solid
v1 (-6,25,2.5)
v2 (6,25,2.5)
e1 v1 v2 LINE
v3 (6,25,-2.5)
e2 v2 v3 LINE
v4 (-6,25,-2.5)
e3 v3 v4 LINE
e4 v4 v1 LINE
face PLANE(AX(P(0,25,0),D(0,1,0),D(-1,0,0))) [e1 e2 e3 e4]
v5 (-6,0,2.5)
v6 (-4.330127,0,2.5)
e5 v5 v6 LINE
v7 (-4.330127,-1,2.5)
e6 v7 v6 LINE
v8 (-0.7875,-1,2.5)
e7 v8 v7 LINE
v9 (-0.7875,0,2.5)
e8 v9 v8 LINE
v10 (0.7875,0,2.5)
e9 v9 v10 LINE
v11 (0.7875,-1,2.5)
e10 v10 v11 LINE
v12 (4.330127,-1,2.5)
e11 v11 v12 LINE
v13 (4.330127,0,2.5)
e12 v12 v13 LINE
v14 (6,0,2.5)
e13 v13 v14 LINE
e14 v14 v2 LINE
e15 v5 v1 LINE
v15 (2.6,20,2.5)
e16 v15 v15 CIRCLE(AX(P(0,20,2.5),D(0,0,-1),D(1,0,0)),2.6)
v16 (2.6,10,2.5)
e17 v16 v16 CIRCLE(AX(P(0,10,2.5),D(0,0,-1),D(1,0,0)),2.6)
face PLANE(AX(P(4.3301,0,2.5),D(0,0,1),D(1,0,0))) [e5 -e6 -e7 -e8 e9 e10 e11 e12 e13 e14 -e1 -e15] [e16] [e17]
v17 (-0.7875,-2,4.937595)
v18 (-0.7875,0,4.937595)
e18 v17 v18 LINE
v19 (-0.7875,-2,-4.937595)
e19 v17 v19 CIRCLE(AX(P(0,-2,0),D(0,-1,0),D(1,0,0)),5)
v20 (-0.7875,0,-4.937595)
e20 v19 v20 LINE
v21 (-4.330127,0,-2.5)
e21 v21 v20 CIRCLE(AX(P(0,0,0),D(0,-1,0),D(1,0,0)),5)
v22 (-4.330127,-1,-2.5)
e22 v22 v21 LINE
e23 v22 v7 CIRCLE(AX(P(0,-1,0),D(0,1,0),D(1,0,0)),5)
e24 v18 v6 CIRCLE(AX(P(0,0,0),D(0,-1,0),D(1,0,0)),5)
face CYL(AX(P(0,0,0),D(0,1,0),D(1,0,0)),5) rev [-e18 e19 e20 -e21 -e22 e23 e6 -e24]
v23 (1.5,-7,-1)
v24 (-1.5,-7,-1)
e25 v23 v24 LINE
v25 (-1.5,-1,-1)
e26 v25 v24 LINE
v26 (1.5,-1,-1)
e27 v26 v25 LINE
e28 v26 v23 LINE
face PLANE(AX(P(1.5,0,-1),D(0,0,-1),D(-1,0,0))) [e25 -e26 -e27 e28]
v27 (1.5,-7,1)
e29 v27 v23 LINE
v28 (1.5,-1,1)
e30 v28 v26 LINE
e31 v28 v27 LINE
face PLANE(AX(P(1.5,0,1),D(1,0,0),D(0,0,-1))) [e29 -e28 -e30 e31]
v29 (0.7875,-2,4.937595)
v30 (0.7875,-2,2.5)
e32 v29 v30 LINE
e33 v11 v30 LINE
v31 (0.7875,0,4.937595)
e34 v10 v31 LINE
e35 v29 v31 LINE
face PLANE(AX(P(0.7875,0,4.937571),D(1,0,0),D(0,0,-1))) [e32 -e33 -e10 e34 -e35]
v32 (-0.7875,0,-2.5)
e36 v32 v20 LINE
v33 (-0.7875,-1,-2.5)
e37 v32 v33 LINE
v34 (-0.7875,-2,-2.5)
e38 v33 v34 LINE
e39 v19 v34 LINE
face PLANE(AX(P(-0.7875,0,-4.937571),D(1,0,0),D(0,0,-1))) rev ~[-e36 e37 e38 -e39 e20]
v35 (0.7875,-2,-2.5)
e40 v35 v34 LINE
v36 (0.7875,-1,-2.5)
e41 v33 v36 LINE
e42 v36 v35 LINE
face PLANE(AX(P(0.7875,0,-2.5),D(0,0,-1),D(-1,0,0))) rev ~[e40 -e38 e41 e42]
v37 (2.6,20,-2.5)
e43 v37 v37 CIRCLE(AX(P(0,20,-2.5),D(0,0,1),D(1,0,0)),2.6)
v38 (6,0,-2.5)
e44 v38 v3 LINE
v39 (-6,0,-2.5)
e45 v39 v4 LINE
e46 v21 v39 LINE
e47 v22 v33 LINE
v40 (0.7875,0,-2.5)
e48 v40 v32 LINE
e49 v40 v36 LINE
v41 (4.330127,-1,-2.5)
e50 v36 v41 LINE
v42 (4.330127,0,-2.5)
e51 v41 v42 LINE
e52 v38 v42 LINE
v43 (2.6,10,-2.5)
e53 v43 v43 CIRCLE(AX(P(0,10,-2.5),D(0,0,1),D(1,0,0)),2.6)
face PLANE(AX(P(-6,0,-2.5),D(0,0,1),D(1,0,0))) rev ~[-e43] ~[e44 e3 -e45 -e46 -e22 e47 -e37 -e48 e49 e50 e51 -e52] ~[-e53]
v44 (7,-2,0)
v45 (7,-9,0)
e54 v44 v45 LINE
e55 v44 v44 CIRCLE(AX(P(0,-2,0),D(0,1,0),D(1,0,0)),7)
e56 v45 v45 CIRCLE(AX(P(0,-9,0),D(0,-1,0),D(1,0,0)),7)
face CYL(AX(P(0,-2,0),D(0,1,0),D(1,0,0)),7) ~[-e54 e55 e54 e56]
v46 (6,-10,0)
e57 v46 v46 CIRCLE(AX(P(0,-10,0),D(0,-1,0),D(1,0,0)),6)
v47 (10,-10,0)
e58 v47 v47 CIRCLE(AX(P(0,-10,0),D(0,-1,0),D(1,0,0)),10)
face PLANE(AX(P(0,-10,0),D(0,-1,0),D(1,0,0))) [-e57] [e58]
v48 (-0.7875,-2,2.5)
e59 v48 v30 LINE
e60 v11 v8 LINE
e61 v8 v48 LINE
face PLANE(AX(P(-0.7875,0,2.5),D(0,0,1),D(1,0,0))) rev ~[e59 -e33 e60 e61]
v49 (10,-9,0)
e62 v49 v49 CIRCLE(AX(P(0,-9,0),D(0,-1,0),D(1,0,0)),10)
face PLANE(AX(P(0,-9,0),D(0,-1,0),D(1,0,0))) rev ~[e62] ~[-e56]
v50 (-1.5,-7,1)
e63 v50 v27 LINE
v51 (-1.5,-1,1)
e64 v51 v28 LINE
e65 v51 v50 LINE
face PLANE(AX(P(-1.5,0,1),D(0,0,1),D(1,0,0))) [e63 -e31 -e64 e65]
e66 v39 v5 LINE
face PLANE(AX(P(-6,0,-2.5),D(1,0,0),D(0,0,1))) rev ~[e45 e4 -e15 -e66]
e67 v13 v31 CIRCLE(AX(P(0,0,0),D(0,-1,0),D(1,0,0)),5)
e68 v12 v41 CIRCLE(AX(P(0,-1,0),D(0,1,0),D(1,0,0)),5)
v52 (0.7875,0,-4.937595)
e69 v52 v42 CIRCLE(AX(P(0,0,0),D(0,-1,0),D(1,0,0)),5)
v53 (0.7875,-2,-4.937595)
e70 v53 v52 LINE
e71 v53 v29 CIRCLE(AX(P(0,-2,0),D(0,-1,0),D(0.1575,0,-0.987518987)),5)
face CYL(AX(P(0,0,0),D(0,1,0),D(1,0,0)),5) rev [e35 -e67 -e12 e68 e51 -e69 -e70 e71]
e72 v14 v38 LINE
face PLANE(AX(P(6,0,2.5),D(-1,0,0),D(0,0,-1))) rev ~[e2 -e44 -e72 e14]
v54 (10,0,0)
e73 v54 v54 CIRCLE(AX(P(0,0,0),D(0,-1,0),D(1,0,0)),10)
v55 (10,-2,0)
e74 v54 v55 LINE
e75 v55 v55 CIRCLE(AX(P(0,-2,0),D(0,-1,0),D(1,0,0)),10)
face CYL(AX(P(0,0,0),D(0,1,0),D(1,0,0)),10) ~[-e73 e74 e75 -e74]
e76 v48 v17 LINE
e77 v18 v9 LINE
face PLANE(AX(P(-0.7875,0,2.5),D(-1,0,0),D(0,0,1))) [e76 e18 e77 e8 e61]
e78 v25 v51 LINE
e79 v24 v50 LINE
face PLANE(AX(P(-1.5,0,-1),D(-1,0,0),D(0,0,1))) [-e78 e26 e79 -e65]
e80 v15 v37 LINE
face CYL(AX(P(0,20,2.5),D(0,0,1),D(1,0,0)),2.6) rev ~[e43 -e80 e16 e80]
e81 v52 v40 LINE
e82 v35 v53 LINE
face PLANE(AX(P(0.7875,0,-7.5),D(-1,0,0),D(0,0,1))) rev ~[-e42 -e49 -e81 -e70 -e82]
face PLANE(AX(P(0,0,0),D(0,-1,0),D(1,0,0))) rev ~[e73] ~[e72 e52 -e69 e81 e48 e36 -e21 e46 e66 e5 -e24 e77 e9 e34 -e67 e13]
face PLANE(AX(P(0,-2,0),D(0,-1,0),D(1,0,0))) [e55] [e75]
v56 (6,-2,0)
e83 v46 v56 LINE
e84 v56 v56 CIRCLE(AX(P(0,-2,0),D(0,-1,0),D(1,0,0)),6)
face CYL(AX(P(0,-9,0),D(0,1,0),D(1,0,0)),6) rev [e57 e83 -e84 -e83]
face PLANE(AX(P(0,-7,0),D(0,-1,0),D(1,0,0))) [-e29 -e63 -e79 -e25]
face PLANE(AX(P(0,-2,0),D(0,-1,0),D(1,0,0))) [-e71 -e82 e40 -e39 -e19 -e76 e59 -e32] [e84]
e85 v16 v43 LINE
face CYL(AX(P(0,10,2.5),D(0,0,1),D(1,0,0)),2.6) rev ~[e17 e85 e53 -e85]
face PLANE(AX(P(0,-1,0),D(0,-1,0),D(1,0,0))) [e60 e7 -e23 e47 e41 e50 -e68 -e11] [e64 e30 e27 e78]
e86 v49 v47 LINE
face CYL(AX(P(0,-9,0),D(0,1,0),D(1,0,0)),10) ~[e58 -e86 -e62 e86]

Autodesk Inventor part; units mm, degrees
ref_plane "YZ Plane" through (0, 0, 0) normal (1, 0, 0) x (0, 1, 0)
ref_plane "XZ Plane" through (0, 0, 0) normal (0, 1, 0) x (-1, 0, 0)
ref_plane "XY Plane" through (0, 0, 0) normal (0, 0, 1) x (1, 0, 0)
sketch "草圖1" plane through (0, 0, 0) normal (0, 1, 0) x (-1, 0, 0)
  line L0 (6, 2.5) -> (-6, 2.5)
  line L1 (-6, 2.5) -> (-6, -2.5)
  line L2 (-6, -2.5) -> (6, -2.5)
  line L3 (6, -2.5) -> (6, 2.5)
  line L4 (6, 2.5) -> (-6, -2.5) construction
  line L5 (-6, 2.5) -> (6, -2.5) construction
  point P0 (0, 0)
  dimension "d0" = 5
  dimension "d1" = 12
extrude "擠出1" add sketch "草圖1" along normal blind 25
sketch "草圖2" plane through (-6, 0, 2.5) normal (0, 0, 1) x (1, 0, 0)
  circle A0 centre (6, 20) radius 2.6
  circle A1 centre (6, 10) radius 2.6
  line L0 (0, 0) -> (12, 0) projected
  line L1 (0, 25) -> (12, 25) projected
  line L2 (6, 25) -> (6, 0)
  line L3 (12, 0) -> (0, 0) projected
  point P0 (6, 0)
  dimension "d4" = 5.2
  dimension "d5" = 5.2
  dimension "d6" = 10
  dimension "d7" = 10
  dimension "d8" = 5
extrude "擠出2" cut sketch "草圖2" against normal blind 10
sketch "草圖3" plane through (0, 0, 0) normal (0, -1, 0) x (1, 0, 0)
  circle A0 centre (0, 0) radius 5
  circle A1 centre (0, 0) radius 10
  dimension "d11" = 10
  dimension "d12" = 20
extrude "擠出3" add sketch "草圖3" along normal blind 2
sketch "草圖4" plane through (0, -2, 0) normal (0, -1, 0) x (1, 0, 0)
  circle A0 centre (0, 0) radius 6
  circle A1 centre (0, 0) radius 7
  dimension "d15" = 12
  dimension "d16" = 14
extrude "擠出4" add sketch "草圖4" along normal blind 7
sketch "草圖5" plane through (0, 0, 0) normal (0, -1, 0) x (1, 0, 0)
  line L0 (-1.5, 1) -> (1.5, 1)
  line L1 (1.5, 1) -> (1.5, -1)
  line L2 (1.5, -1) -> (-1.5, -1)
  line L3 (-1.5, -1) -> (-1.5, 1)
  line L4 (-1.5, 1) -> (1.5, -1) construction
  line L5 (1.5, 1) -> (-1.5, -1) construction
  point P0 (0, 0)
  dimension "d19" = 3
  dimension "d20" = 2
extrude "擠出5" add sketch "草圖5" along normal blind 7
sketch "草圖6" plane through (0, 0, 0) normal (0, 1, 0) x (1, 0, 0)
  line L0 (-4.3301, -2.5) -> (4.3301, -2.5) projected
  line L1 (-0.7875, -7.5) -> (0.7875, -7.5)
  line L2 (0.7875, -7.5) -> (0.7875, -2.5)
  line L3 (0.7875, -2.5) -> (-0.7875, -2.5)
  line L4 (-0.7875, -2.5) -> (-0.7875, -7.5)
  arc A0 (-4.3301, -2.5) -> (4.3301, -2.5) centre (0, 0) ccw projected
  line L5 (-0.7875, -7.5) -> (0.7875, -2.5) construction
  line L6 (0.7875, -7.5) -> (-0.7875, -2.5) construction
  line L7 (-0.7875, 7.5) -> (0.7875, 7.5)
  line L8 (0.7875, 7.5) -> (0.7875, 2.5)
  line L9 (0.7875, 2.5) -> (-0.7875, 2.5)
  line L10 (-0.7875, 2.5) -> (-0.7875, 7.5)
  arc A1 (4.3301, 2.5) -> (-4.3301, 2.5) centre (0, 0) ccw projected
  line L11 (-0.7875, 7.5) -> (0.7875, 2.5) construction
  line L12 (0.7875, 7.5) -> (-0.7875, 2.5) construction
  point P0 (0, -5)
  point P1 (0, 5)
extrude "擠出6" add sketch "草圖6" against normal blind 2 contours L0 L2 A0 L4 | A0 L2 L1 L4 | L7 L8 A1 L10 | A1 L8 L9 L10
sketch "草圖7" plane through (0, -9, 0) normal (0, -1, 0) x (1, 0, 0)
  circle A0 centre (0, 0) radius 6
  circle A1 centre (0, 0) radius 10
extrude "擠出7" add sketch "草圖7" along normal blind 1
sketch "草圖8" plane through (0, 0, 0) normal (0, -1, 0) x (1, 0, 0)
  line L0 (4.3301, 2.5) -> (6, 2.5) projected
  line L1 (-6, -2.5) -> (6, -2.5)
  line L2 (6, -2.5) -> (6, 2.5)
  line L3 (6, 2.5) -> (-6, 2.5)
  line L4 (-6, 2.5) -> (-6, -2.5)
  line L5 (-6, -2.5) -> (6, 2.5) construction
  line L6 (6, -2.5) -> (-6, 2.5) construction
  point P0 (0, 0)
extrude "擠出8" add sketch "草圖8" along normal blind 1
equation "\"d9\" = d7"
properties part number "圓形同心線圈外"
